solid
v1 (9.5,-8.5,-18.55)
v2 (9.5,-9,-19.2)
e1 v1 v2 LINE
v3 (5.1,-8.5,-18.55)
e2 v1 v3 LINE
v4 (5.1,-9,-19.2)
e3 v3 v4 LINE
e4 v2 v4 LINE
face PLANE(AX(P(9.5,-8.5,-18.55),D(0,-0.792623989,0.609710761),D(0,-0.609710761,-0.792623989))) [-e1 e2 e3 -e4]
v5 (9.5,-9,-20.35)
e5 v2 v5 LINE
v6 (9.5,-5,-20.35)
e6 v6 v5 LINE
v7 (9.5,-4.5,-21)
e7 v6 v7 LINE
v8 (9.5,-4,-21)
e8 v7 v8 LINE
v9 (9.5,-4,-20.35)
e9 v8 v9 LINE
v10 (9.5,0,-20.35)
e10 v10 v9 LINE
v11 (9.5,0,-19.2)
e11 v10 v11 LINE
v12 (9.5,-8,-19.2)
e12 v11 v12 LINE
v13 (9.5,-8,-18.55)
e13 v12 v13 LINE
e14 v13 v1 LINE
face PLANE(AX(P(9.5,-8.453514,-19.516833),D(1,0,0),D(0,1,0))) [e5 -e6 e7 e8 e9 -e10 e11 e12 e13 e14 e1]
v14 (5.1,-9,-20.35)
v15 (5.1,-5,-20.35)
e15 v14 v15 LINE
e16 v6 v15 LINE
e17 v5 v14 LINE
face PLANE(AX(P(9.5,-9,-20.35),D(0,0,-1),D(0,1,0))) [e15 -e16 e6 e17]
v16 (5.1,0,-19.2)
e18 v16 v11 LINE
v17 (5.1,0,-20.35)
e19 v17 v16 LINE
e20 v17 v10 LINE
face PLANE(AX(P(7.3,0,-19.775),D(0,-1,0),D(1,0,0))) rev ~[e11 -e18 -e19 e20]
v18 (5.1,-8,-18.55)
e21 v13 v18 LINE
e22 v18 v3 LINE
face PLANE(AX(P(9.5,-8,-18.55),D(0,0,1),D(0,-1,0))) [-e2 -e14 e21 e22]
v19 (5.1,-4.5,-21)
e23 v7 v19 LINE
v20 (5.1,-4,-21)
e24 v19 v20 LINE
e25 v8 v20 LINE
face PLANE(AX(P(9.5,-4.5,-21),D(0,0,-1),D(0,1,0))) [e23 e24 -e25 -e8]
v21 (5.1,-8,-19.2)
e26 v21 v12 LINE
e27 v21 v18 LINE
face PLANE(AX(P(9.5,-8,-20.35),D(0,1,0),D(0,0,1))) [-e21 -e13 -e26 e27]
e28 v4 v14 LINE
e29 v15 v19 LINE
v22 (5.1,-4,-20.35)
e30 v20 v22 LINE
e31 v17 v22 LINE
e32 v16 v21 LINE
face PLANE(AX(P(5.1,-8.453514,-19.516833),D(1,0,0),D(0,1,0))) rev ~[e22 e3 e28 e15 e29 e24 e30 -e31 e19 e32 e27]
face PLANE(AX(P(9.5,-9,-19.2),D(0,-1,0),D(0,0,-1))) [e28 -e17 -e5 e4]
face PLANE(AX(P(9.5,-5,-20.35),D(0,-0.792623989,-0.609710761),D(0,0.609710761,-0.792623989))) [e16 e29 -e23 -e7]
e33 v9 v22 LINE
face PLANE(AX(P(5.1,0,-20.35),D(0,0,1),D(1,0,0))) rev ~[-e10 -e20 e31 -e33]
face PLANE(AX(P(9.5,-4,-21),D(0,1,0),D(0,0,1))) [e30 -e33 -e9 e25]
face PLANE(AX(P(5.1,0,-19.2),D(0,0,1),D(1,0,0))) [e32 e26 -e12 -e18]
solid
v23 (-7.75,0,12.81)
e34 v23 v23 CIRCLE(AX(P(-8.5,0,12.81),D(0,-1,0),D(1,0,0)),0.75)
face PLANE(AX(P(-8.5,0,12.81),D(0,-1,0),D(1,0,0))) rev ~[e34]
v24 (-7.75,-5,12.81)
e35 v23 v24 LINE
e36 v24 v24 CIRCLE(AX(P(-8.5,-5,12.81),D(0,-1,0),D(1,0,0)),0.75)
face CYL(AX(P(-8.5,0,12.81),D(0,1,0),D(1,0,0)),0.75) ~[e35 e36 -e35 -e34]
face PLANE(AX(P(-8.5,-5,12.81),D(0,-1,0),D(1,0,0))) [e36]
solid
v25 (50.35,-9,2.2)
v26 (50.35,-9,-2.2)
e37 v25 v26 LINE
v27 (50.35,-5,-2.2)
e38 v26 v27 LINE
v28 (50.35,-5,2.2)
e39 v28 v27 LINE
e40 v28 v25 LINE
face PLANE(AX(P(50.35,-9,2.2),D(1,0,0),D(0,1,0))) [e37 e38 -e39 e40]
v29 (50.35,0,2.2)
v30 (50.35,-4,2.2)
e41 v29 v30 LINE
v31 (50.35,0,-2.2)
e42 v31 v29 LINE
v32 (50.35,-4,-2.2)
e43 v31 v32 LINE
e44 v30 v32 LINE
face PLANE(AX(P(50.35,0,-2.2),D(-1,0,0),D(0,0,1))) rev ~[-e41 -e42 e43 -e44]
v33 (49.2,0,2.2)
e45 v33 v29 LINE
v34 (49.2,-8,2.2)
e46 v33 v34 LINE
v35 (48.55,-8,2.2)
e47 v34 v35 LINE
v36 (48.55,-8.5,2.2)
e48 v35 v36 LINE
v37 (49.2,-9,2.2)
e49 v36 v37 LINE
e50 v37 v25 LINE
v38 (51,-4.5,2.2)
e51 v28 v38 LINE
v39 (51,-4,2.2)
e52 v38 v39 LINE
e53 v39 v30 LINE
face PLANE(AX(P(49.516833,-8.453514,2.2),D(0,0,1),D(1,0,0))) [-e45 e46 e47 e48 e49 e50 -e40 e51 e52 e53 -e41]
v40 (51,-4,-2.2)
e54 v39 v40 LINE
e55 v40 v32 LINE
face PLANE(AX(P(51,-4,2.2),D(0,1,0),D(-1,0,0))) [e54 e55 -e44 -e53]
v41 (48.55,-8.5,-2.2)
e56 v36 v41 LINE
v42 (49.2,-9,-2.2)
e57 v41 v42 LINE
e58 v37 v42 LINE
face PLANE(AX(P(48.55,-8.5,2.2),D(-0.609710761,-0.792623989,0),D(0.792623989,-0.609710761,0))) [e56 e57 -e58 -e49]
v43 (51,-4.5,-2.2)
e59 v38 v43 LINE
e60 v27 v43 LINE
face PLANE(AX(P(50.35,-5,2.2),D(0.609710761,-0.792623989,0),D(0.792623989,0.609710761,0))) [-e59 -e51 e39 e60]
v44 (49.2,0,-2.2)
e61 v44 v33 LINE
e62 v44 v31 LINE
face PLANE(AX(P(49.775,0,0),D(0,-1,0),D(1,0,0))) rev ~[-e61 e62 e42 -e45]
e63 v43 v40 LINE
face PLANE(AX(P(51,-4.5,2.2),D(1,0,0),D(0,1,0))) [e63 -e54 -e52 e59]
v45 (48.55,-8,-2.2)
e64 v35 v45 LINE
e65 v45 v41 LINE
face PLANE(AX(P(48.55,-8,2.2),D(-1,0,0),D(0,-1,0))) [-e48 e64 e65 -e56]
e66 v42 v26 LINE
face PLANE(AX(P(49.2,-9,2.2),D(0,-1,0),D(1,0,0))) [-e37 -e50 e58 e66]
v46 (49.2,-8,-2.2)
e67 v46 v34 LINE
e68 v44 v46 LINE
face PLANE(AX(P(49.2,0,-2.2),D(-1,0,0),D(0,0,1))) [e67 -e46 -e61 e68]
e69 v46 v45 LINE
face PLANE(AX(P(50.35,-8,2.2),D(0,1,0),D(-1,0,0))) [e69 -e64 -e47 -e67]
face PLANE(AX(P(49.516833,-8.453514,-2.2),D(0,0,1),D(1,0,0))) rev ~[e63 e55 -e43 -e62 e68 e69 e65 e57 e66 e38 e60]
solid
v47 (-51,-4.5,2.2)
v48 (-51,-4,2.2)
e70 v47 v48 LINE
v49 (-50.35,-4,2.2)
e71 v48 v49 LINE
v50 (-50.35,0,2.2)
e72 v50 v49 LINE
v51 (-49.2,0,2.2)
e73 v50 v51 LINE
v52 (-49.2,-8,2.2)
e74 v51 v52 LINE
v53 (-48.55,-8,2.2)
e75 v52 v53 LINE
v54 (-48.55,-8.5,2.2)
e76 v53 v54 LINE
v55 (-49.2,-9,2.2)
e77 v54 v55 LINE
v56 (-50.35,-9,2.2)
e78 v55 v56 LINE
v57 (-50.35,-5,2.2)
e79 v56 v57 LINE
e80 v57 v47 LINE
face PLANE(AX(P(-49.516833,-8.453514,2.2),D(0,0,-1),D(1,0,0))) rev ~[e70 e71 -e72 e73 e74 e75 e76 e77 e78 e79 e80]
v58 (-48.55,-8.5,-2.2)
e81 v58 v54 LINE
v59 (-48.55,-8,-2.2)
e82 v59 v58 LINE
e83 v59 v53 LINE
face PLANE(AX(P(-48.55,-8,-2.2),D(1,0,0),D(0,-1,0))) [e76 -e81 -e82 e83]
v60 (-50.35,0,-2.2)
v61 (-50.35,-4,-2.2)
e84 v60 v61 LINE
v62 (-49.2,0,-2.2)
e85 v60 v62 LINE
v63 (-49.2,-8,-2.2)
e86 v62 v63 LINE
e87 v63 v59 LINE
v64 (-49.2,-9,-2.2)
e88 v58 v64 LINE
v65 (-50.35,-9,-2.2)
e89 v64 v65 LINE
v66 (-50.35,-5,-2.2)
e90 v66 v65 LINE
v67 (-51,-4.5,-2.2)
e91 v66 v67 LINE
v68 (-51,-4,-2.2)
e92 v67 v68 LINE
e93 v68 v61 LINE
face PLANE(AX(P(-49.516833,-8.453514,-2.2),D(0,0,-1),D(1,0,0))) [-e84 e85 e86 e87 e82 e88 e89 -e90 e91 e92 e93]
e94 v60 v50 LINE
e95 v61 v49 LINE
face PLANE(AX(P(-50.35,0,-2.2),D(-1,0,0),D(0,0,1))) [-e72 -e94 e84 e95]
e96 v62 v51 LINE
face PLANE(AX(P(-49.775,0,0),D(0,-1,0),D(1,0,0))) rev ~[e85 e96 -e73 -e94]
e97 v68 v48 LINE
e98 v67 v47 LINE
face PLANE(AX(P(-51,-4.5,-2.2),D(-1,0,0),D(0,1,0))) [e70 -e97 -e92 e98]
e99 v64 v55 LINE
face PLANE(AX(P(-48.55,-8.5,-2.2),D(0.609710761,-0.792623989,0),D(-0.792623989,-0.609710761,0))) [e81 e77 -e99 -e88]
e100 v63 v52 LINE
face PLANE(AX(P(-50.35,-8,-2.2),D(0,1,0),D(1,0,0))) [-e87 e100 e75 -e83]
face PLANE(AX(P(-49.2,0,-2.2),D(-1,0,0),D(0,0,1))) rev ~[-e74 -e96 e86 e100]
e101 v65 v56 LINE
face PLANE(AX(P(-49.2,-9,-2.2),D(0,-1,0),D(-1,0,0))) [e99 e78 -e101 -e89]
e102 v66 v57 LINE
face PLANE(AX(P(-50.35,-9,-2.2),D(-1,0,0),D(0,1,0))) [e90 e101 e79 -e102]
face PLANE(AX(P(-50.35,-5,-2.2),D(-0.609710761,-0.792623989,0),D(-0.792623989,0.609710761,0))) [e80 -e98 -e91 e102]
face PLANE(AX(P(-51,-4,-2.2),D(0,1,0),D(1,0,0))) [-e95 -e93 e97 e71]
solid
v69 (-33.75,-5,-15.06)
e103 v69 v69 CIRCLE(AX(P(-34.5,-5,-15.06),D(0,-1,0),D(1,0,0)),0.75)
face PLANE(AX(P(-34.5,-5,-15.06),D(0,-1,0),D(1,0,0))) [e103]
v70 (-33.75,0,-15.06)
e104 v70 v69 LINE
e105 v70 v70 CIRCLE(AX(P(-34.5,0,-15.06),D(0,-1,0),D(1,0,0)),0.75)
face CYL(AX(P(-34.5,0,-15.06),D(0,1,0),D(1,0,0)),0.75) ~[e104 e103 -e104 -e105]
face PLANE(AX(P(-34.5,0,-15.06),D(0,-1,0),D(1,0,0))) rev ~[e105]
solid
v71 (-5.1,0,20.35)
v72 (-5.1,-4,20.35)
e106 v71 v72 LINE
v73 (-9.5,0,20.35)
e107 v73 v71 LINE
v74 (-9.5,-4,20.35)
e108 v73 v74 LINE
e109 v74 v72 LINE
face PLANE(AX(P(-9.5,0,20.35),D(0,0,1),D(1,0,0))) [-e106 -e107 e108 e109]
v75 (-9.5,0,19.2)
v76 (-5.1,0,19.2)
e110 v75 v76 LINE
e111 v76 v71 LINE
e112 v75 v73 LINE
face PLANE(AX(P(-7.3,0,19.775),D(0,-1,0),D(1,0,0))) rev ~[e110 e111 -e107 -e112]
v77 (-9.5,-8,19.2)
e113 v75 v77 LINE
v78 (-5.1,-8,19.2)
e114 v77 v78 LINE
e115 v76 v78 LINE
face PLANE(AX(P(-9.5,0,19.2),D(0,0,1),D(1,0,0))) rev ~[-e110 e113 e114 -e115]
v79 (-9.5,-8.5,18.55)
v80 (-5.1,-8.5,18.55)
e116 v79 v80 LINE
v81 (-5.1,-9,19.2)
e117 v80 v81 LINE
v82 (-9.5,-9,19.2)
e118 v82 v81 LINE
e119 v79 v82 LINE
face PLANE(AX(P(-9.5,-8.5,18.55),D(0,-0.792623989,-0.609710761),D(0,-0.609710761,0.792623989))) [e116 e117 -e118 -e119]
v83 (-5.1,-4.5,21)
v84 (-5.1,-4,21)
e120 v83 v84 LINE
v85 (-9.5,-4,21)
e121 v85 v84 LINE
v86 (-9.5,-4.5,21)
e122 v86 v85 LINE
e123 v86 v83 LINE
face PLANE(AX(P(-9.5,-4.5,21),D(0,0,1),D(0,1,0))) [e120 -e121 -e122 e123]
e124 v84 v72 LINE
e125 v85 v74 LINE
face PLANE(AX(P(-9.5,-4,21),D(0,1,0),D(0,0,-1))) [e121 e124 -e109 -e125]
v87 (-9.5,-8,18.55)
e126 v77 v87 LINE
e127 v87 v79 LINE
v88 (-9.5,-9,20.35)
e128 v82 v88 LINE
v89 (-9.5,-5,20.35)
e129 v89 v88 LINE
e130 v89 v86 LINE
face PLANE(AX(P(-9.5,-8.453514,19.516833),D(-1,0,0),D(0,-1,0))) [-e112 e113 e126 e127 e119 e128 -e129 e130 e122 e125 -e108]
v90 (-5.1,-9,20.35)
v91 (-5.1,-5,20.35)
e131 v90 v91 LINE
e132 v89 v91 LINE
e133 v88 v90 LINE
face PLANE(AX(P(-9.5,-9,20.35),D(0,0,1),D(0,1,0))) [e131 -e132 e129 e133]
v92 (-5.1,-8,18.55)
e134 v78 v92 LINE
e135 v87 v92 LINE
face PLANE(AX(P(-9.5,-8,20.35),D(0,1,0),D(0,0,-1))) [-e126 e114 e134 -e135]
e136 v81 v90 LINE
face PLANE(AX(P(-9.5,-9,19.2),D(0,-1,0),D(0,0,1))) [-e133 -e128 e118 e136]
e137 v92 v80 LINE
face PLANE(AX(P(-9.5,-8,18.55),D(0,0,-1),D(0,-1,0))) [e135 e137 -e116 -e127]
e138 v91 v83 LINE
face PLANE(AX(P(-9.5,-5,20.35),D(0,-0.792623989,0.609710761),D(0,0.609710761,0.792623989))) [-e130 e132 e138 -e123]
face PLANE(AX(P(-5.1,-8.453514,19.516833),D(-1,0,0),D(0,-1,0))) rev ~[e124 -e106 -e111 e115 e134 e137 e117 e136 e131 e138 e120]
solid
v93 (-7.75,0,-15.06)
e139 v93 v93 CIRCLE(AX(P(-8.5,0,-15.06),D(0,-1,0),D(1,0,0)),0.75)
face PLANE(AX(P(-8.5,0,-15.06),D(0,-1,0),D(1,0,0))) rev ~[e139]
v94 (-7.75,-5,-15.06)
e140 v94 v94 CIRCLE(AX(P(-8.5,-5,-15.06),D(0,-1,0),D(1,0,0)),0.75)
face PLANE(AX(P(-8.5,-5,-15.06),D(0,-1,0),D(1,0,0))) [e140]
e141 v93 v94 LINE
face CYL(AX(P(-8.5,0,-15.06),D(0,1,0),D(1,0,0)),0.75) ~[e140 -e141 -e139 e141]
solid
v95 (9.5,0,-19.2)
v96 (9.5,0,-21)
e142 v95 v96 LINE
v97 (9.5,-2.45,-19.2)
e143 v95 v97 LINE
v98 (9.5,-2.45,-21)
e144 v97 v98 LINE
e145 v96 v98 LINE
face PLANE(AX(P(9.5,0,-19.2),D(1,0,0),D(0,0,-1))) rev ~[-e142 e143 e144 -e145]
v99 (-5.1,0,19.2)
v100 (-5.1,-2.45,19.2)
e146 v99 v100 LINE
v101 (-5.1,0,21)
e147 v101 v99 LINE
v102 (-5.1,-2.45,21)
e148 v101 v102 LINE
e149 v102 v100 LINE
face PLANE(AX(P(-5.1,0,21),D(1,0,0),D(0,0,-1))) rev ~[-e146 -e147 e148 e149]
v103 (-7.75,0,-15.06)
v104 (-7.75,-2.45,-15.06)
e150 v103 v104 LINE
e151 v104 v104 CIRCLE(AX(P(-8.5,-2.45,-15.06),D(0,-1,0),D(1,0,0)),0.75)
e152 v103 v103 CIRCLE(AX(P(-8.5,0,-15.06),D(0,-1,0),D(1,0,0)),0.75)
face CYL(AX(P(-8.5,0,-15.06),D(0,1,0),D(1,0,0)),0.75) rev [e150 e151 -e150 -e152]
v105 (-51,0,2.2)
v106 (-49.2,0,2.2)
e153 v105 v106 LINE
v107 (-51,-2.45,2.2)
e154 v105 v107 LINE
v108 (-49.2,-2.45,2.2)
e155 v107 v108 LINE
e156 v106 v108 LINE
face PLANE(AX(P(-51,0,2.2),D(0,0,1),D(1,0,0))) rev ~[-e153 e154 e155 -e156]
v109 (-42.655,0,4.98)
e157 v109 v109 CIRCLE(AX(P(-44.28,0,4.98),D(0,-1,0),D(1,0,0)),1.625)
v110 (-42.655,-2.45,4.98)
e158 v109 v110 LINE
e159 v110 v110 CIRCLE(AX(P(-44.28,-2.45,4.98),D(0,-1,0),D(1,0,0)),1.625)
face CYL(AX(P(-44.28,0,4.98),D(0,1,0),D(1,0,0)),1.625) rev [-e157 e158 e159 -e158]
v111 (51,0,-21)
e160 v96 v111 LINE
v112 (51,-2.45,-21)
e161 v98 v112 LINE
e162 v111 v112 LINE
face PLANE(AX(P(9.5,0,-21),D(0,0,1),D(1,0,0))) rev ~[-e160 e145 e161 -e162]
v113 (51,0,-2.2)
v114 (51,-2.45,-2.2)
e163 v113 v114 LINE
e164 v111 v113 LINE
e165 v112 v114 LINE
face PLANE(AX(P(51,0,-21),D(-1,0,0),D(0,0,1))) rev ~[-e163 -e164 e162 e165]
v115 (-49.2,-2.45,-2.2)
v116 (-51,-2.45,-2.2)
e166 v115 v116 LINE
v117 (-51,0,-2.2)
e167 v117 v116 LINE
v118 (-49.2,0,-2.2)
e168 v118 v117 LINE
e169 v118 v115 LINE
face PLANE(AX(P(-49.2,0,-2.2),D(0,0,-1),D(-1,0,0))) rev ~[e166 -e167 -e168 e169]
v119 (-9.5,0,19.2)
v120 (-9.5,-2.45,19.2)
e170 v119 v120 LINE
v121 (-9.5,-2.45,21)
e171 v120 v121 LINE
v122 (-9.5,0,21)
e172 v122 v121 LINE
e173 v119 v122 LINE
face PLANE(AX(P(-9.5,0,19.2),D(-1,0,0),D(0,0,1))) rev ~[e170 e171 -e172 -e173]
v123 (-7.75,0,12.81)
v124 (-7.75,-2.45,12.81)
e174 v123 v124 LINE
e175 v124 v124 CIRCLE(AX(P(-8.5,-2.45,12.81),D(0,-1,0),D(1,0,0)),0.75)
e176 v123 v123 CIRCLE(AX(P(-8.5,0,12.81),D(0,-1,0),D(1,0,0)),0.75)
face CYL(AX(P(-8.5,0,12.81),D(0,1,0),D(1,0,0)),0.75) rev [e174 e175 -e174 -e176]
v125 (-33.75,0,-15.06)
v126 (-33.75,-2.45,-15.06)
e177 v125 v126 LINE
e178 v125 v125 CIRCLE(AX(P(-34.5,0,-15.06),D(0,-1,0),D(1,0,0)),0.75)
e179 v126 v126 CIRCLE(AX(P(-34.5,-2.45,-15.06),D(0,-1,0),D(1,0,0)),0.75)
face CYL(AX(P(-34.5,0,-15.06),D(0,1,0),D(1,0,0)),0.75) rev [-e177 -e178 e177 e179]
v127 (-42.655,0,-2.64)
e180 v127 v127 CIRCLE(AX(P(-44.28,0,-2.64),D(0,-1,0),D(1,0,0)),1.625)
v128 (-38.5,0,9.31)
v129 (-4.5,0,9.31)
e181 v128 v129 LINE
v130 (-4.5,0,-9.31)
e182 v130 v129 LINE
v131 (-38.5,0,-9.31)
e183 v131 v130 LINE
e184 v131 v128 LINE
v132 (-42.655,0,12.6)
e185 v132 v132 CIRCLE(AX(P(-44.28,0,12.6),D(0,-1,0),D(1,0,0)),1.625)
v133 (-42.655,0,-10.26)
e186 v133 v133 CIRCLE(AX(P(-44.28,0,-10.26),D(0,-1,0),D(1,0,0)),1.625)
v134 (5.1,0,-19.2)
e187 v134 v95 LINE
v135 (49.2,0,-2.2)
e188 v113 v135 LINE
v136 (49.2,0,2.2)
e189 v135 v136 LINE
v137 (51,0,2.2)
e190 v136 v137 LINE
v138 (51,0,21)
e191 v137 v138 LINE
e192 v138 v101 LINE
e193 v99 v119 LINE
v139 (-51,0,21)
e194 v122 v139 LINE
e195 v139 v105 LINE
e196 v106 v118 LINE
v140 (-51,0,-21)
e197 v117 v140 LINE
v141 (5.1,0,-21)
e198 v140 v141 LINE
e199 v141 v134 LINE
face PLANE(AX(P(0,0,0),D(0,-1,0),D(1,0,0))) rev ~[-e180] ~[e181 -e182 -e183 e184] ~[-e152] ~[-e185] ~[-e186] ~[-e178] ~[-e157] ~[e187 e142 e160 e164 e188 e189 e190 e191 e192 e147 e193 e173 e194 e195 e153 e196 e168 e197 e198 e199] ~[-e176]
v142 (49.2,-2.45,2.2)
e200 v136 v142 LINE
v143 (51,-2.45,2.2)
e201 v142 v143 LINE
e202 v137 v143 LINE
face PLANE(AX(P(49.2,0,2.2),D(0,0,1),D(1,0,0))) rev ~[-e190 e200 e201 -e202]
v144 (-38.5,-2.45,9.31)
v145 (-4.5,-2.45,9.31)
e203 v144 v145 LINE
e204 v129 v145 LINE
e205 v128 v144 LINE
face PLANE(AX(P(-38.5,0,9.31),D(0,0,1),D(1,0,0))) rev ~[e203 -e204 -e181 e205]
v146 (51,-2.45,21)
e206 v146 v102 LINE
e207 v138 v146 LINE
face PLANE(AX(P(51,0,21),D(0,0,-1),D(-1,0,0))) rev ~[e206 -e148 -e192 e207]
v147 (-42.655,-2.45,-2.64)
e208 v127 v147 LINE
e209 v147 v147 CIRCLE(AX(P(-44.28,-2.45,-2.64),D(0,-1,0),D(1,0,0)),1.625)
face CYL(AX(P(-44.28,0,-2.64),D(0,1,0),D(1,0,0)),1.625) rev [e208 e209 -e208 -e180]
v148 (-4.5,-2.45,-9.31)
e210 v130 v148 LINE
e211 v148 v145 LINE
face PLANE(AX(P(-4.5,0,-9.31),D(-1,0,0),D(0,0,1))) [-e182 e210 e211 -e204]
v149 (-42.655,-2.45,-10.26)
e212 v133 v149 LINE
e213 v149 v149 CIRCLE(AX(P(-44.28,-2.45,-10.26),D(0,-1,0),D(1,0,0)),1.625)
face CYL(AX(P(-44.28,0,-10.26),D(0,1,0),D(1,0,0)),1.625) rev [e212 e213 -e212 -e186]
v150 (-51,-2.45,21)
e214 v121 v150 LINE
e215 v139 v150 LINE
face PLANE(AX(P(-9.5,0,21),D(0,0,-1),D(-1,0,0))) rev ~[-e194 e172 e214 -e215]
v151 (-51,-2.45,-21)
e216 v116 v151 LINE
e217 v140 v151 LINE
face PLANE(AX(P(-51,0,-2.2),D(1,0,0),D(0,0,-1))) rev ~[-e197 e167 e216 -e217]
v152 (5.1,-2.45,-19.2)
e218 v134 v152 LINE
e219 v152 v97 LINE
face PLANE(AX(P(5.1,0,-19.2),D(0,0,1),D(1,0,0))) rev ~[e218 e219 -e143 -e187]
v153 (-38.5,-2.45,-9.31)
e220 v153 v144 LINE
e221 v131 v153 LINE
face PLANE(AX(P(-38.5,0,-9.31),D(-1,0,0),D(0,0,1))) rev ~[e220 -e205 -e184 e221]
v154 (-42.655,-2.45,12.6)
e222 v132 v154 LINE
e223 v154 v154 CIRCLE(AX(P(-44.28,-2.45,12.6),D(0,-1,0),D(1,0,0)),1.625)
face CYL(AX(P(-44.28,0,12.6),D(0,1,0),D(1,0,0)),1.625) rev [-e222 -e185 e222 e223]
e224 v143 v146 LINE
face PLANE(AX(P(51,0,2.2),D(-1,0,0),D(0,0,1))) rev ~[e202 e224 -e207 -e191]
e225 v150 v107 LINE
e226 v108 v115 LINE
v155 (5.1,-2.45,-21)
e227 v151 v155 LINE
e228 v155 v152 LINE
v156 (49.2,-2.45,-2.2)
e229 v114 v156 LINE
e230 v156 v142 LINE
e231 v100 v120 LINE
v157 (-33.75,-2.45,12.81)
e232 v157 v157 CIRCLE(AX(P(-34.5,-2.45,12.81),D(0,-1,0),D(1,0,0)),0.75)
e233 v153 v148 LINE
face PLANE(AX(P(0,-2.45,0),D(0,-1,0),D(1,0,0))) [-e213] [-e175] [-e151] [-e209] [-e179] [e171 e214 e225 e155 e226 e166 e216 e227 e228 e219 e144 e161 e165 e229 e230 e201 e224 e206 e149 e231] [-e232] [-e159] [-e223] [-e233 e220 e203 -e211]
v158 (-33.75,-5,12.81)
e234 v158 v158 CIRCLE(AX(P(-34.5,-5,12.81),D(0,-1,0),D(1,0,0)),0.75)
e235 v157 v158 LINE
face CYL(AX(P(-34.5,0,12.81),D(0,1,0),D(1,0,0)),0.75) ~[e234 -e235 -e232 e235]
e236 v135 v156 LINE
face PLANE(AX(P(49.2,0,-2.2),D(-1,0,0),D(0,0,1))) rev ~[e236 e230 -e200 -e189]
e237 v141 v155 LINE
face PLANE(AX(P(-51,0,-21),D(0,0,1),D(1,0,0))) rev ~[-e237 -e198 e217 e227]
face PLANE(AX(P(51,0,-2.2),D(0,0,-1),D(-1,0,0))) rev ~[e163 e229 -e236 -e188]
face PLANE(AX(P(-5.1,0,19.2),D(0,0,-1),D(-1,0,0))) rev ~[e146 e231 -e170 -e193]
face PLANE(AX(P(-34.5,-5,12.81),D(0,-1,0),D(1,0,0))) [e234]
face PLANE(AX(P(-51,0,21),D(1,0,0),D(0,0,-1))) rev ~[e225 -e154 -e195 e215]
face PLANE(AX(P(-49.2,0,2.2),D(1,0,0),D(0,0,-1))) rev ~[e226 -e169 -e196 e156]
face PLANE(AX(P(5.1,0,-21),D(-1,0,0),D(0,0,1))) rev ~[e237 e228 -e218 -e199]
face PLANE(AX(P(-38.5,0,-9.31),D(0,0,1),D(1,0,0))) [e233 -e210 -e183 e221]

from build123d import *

# Parameters (mm, degrees)
F0_R      = 0.75
F0_R_2    = 1.625
F0_W      = 34
F0_H      = 18.62
F1_DEPTH  = 2.45
F0_W_2    = 4.4
F0_H_2    = 1.15
F0_W_3    = 1.15
F0_H_3    = 4.4
F2_DEPTH  = 8
F3_DEPTH  = 5
F4_DEPTH  = 5
F5_DEPTH  = 5
F10_DEPTH = 4.4
F11_DEPTH = 4.4
F12_DEPTH = 4.4
F13_DEPTH = 4.4


with BuildPart() as f1:
    # F0 (on Front) → F1 (new body)
    with BuildSketch(Plane.XZ):
        Polygon((-9.5, 21), (-51, 21), (-51, 2.2), (-50.35, 2.2), (-49.2, 2.2), (-49.2, -2.2), (-50.35, -2.2), (-51, -2.2), (-51, -21), (5.1, -21), (5.1, -20.35), (5.1, -19.2), (9.5, -19.2), (9.5, -20.35), (9.5, -21), (51, -21), (51, -2.2), (50.35, -2.2), (49.2, -2.2), (49.2, 2.2), (50.35, 2.2), (51, 2.2), (51, 21), (-5.1, 21), (-5.1, 20.35), (-5.1, 19.2), (-9.5, 19.2), (-9.5, 20.35), align=None)
        with Locations((-34.5, -15.06)):
            Circle(F0_R, mode=Mode.SUBTRACT)
        with Locations((-8.5, -15.06)):
            Circle(F0_R, mode=Mode.SUBTRACT)
        with Locations((-44.28, -10.26)):
            Circle(F0_R_2, mode=Mode.SUBTRACT)
        with Locations((-44.28, -2.64)):
            Circle(F0_R_2, mode=Mode.SUBTRACT)
        with Locations((-44.28, 4.98)):
            Circle(F0_R_2, mode=Mode.SUBTRACT)
        with Locations((-21.5, 0)):
            Rectangle(F0_W, F0_H, mode=Mode.SUBTRACT)
        with Locations((-44.28, 12.6)):
            Circle(F0_R_2, mode=Mode.SUBTRACT)
        with Locations((-34.5, 12.81)):
            Circle(F0_R, mode=Mode.SUBTRACT)
        with Locations((-8.5, 12.81)):
            Circle(F0_R, mode=Mode.SUBTRACT)
    extrude(amount=F1_DEPTH)

    # F0 (on Front) → F3 (join)
    with BuildSketch(Plane.XZ):
        with Locations((-34.5, 12.81)):
            Circle(F0_R)
    extrude(amount=F3_DEPTH)


with BuildPart() as f2:
    # F0 (on Front) → F2 (new body)
    with BuildSketch(Plane.XZ):
        with Locations((-7.3, 19.775)):
            Rectangle(F0_W_2, F0_H_2)
        with Locations((-49.775, 0)):
            Rectangle(F0_W_3, F0_H_3)
        with Locations((49.775, 0)):
            Rectangle(F0_W_3, F0_H_3)
        with Locations((7.3, -19.775)):
            Rectangle(F0_W_2, F0_H_2)
    extrude(amount=F2_DEPTH)

    # F9 (on face) → F10 (join)
    with BuildSketch(Plane.XY.offset(2.2)):
        Polygon((50.35, -9), (50.35, -8), (49.2, -8), (48.55, -8), (48.55, -8.5), (49.2, -9), align=None)
        Polygon((51, -4), (50.35, -4), (50.35, -5), (51, -4.5), align=None)
    extrude(amount=-F10_DEPTH)

    # F8 (on face) → F11 (join)
    with BuildSketch(Plane.YZ.offset(9.5)):
        Polygon((-9, -20.35), (-8, -20.35), (-8, -19.2), (-8, -18.55), (-8.5, -18.55), (-9, -19.2), align=None)
        Polygon((-4, -21), (-4, -20.35), (-5, -20.35), (-4.5, -21), align=None)
    extrude(amount=-F11_DEPTH)

    # F7 (on face) → F12 (join)
    with BuildSketch(Plane(origin=(0, 0, -2.2), x_dir=(1, 0, 0), z_dir=(0, 0, -1))):
        Polygon((-50.35, 9), (-50.35, 8), (-49.2, 8), (-48.55, 8), (-48.55, 8.5), (-49.2, 9), align=None)
        Polygon((-51, 4), (-50.35, 4), (-50.35, 5), (-51, 4.5), align=None)
    extrude(amount=-F12_DEPTH)

    # F6 (on face) → F13 (join)
    with BuildSketch(Plane(origin=(-9.5, 0, 0), x_dir=(0, -1, 0), z_dir=(-1, 0, 0))):
        Polygon((9, 20.35), (8, 20.35), (8, 19.2), (8, 18.55), (8.5, 18.55), (9, 19.2), align=None)
        Polygon((4, 21), (4, 20.35), (5, 20.35), (4.5, 21), align=None)
    extrude(amount=-F13_DEPTH)


with BuildPart() as f4:
    # F0 (on Front) → F4 (new body)
    with BuildSketch(Plane.XZ):
        with Locations((-8.5, 12.81)):
            Circle(F0_R)
    extrude(amount=F4_DEPTH)


with BuildPart() as f5:
    # F0 (on Front) → F5 (new body)
    with BuildSketch(Plane.XZ):
        with Locations((-34.5, -15.06)):
            Circle(F0_R)
        with Locations((-8.5, -15.06)):
            Circle(F0_R)
    extrude(amount=F5_DEPTH)


solid = Compound([f1.part, f2.part, f4.part, f5.part])
